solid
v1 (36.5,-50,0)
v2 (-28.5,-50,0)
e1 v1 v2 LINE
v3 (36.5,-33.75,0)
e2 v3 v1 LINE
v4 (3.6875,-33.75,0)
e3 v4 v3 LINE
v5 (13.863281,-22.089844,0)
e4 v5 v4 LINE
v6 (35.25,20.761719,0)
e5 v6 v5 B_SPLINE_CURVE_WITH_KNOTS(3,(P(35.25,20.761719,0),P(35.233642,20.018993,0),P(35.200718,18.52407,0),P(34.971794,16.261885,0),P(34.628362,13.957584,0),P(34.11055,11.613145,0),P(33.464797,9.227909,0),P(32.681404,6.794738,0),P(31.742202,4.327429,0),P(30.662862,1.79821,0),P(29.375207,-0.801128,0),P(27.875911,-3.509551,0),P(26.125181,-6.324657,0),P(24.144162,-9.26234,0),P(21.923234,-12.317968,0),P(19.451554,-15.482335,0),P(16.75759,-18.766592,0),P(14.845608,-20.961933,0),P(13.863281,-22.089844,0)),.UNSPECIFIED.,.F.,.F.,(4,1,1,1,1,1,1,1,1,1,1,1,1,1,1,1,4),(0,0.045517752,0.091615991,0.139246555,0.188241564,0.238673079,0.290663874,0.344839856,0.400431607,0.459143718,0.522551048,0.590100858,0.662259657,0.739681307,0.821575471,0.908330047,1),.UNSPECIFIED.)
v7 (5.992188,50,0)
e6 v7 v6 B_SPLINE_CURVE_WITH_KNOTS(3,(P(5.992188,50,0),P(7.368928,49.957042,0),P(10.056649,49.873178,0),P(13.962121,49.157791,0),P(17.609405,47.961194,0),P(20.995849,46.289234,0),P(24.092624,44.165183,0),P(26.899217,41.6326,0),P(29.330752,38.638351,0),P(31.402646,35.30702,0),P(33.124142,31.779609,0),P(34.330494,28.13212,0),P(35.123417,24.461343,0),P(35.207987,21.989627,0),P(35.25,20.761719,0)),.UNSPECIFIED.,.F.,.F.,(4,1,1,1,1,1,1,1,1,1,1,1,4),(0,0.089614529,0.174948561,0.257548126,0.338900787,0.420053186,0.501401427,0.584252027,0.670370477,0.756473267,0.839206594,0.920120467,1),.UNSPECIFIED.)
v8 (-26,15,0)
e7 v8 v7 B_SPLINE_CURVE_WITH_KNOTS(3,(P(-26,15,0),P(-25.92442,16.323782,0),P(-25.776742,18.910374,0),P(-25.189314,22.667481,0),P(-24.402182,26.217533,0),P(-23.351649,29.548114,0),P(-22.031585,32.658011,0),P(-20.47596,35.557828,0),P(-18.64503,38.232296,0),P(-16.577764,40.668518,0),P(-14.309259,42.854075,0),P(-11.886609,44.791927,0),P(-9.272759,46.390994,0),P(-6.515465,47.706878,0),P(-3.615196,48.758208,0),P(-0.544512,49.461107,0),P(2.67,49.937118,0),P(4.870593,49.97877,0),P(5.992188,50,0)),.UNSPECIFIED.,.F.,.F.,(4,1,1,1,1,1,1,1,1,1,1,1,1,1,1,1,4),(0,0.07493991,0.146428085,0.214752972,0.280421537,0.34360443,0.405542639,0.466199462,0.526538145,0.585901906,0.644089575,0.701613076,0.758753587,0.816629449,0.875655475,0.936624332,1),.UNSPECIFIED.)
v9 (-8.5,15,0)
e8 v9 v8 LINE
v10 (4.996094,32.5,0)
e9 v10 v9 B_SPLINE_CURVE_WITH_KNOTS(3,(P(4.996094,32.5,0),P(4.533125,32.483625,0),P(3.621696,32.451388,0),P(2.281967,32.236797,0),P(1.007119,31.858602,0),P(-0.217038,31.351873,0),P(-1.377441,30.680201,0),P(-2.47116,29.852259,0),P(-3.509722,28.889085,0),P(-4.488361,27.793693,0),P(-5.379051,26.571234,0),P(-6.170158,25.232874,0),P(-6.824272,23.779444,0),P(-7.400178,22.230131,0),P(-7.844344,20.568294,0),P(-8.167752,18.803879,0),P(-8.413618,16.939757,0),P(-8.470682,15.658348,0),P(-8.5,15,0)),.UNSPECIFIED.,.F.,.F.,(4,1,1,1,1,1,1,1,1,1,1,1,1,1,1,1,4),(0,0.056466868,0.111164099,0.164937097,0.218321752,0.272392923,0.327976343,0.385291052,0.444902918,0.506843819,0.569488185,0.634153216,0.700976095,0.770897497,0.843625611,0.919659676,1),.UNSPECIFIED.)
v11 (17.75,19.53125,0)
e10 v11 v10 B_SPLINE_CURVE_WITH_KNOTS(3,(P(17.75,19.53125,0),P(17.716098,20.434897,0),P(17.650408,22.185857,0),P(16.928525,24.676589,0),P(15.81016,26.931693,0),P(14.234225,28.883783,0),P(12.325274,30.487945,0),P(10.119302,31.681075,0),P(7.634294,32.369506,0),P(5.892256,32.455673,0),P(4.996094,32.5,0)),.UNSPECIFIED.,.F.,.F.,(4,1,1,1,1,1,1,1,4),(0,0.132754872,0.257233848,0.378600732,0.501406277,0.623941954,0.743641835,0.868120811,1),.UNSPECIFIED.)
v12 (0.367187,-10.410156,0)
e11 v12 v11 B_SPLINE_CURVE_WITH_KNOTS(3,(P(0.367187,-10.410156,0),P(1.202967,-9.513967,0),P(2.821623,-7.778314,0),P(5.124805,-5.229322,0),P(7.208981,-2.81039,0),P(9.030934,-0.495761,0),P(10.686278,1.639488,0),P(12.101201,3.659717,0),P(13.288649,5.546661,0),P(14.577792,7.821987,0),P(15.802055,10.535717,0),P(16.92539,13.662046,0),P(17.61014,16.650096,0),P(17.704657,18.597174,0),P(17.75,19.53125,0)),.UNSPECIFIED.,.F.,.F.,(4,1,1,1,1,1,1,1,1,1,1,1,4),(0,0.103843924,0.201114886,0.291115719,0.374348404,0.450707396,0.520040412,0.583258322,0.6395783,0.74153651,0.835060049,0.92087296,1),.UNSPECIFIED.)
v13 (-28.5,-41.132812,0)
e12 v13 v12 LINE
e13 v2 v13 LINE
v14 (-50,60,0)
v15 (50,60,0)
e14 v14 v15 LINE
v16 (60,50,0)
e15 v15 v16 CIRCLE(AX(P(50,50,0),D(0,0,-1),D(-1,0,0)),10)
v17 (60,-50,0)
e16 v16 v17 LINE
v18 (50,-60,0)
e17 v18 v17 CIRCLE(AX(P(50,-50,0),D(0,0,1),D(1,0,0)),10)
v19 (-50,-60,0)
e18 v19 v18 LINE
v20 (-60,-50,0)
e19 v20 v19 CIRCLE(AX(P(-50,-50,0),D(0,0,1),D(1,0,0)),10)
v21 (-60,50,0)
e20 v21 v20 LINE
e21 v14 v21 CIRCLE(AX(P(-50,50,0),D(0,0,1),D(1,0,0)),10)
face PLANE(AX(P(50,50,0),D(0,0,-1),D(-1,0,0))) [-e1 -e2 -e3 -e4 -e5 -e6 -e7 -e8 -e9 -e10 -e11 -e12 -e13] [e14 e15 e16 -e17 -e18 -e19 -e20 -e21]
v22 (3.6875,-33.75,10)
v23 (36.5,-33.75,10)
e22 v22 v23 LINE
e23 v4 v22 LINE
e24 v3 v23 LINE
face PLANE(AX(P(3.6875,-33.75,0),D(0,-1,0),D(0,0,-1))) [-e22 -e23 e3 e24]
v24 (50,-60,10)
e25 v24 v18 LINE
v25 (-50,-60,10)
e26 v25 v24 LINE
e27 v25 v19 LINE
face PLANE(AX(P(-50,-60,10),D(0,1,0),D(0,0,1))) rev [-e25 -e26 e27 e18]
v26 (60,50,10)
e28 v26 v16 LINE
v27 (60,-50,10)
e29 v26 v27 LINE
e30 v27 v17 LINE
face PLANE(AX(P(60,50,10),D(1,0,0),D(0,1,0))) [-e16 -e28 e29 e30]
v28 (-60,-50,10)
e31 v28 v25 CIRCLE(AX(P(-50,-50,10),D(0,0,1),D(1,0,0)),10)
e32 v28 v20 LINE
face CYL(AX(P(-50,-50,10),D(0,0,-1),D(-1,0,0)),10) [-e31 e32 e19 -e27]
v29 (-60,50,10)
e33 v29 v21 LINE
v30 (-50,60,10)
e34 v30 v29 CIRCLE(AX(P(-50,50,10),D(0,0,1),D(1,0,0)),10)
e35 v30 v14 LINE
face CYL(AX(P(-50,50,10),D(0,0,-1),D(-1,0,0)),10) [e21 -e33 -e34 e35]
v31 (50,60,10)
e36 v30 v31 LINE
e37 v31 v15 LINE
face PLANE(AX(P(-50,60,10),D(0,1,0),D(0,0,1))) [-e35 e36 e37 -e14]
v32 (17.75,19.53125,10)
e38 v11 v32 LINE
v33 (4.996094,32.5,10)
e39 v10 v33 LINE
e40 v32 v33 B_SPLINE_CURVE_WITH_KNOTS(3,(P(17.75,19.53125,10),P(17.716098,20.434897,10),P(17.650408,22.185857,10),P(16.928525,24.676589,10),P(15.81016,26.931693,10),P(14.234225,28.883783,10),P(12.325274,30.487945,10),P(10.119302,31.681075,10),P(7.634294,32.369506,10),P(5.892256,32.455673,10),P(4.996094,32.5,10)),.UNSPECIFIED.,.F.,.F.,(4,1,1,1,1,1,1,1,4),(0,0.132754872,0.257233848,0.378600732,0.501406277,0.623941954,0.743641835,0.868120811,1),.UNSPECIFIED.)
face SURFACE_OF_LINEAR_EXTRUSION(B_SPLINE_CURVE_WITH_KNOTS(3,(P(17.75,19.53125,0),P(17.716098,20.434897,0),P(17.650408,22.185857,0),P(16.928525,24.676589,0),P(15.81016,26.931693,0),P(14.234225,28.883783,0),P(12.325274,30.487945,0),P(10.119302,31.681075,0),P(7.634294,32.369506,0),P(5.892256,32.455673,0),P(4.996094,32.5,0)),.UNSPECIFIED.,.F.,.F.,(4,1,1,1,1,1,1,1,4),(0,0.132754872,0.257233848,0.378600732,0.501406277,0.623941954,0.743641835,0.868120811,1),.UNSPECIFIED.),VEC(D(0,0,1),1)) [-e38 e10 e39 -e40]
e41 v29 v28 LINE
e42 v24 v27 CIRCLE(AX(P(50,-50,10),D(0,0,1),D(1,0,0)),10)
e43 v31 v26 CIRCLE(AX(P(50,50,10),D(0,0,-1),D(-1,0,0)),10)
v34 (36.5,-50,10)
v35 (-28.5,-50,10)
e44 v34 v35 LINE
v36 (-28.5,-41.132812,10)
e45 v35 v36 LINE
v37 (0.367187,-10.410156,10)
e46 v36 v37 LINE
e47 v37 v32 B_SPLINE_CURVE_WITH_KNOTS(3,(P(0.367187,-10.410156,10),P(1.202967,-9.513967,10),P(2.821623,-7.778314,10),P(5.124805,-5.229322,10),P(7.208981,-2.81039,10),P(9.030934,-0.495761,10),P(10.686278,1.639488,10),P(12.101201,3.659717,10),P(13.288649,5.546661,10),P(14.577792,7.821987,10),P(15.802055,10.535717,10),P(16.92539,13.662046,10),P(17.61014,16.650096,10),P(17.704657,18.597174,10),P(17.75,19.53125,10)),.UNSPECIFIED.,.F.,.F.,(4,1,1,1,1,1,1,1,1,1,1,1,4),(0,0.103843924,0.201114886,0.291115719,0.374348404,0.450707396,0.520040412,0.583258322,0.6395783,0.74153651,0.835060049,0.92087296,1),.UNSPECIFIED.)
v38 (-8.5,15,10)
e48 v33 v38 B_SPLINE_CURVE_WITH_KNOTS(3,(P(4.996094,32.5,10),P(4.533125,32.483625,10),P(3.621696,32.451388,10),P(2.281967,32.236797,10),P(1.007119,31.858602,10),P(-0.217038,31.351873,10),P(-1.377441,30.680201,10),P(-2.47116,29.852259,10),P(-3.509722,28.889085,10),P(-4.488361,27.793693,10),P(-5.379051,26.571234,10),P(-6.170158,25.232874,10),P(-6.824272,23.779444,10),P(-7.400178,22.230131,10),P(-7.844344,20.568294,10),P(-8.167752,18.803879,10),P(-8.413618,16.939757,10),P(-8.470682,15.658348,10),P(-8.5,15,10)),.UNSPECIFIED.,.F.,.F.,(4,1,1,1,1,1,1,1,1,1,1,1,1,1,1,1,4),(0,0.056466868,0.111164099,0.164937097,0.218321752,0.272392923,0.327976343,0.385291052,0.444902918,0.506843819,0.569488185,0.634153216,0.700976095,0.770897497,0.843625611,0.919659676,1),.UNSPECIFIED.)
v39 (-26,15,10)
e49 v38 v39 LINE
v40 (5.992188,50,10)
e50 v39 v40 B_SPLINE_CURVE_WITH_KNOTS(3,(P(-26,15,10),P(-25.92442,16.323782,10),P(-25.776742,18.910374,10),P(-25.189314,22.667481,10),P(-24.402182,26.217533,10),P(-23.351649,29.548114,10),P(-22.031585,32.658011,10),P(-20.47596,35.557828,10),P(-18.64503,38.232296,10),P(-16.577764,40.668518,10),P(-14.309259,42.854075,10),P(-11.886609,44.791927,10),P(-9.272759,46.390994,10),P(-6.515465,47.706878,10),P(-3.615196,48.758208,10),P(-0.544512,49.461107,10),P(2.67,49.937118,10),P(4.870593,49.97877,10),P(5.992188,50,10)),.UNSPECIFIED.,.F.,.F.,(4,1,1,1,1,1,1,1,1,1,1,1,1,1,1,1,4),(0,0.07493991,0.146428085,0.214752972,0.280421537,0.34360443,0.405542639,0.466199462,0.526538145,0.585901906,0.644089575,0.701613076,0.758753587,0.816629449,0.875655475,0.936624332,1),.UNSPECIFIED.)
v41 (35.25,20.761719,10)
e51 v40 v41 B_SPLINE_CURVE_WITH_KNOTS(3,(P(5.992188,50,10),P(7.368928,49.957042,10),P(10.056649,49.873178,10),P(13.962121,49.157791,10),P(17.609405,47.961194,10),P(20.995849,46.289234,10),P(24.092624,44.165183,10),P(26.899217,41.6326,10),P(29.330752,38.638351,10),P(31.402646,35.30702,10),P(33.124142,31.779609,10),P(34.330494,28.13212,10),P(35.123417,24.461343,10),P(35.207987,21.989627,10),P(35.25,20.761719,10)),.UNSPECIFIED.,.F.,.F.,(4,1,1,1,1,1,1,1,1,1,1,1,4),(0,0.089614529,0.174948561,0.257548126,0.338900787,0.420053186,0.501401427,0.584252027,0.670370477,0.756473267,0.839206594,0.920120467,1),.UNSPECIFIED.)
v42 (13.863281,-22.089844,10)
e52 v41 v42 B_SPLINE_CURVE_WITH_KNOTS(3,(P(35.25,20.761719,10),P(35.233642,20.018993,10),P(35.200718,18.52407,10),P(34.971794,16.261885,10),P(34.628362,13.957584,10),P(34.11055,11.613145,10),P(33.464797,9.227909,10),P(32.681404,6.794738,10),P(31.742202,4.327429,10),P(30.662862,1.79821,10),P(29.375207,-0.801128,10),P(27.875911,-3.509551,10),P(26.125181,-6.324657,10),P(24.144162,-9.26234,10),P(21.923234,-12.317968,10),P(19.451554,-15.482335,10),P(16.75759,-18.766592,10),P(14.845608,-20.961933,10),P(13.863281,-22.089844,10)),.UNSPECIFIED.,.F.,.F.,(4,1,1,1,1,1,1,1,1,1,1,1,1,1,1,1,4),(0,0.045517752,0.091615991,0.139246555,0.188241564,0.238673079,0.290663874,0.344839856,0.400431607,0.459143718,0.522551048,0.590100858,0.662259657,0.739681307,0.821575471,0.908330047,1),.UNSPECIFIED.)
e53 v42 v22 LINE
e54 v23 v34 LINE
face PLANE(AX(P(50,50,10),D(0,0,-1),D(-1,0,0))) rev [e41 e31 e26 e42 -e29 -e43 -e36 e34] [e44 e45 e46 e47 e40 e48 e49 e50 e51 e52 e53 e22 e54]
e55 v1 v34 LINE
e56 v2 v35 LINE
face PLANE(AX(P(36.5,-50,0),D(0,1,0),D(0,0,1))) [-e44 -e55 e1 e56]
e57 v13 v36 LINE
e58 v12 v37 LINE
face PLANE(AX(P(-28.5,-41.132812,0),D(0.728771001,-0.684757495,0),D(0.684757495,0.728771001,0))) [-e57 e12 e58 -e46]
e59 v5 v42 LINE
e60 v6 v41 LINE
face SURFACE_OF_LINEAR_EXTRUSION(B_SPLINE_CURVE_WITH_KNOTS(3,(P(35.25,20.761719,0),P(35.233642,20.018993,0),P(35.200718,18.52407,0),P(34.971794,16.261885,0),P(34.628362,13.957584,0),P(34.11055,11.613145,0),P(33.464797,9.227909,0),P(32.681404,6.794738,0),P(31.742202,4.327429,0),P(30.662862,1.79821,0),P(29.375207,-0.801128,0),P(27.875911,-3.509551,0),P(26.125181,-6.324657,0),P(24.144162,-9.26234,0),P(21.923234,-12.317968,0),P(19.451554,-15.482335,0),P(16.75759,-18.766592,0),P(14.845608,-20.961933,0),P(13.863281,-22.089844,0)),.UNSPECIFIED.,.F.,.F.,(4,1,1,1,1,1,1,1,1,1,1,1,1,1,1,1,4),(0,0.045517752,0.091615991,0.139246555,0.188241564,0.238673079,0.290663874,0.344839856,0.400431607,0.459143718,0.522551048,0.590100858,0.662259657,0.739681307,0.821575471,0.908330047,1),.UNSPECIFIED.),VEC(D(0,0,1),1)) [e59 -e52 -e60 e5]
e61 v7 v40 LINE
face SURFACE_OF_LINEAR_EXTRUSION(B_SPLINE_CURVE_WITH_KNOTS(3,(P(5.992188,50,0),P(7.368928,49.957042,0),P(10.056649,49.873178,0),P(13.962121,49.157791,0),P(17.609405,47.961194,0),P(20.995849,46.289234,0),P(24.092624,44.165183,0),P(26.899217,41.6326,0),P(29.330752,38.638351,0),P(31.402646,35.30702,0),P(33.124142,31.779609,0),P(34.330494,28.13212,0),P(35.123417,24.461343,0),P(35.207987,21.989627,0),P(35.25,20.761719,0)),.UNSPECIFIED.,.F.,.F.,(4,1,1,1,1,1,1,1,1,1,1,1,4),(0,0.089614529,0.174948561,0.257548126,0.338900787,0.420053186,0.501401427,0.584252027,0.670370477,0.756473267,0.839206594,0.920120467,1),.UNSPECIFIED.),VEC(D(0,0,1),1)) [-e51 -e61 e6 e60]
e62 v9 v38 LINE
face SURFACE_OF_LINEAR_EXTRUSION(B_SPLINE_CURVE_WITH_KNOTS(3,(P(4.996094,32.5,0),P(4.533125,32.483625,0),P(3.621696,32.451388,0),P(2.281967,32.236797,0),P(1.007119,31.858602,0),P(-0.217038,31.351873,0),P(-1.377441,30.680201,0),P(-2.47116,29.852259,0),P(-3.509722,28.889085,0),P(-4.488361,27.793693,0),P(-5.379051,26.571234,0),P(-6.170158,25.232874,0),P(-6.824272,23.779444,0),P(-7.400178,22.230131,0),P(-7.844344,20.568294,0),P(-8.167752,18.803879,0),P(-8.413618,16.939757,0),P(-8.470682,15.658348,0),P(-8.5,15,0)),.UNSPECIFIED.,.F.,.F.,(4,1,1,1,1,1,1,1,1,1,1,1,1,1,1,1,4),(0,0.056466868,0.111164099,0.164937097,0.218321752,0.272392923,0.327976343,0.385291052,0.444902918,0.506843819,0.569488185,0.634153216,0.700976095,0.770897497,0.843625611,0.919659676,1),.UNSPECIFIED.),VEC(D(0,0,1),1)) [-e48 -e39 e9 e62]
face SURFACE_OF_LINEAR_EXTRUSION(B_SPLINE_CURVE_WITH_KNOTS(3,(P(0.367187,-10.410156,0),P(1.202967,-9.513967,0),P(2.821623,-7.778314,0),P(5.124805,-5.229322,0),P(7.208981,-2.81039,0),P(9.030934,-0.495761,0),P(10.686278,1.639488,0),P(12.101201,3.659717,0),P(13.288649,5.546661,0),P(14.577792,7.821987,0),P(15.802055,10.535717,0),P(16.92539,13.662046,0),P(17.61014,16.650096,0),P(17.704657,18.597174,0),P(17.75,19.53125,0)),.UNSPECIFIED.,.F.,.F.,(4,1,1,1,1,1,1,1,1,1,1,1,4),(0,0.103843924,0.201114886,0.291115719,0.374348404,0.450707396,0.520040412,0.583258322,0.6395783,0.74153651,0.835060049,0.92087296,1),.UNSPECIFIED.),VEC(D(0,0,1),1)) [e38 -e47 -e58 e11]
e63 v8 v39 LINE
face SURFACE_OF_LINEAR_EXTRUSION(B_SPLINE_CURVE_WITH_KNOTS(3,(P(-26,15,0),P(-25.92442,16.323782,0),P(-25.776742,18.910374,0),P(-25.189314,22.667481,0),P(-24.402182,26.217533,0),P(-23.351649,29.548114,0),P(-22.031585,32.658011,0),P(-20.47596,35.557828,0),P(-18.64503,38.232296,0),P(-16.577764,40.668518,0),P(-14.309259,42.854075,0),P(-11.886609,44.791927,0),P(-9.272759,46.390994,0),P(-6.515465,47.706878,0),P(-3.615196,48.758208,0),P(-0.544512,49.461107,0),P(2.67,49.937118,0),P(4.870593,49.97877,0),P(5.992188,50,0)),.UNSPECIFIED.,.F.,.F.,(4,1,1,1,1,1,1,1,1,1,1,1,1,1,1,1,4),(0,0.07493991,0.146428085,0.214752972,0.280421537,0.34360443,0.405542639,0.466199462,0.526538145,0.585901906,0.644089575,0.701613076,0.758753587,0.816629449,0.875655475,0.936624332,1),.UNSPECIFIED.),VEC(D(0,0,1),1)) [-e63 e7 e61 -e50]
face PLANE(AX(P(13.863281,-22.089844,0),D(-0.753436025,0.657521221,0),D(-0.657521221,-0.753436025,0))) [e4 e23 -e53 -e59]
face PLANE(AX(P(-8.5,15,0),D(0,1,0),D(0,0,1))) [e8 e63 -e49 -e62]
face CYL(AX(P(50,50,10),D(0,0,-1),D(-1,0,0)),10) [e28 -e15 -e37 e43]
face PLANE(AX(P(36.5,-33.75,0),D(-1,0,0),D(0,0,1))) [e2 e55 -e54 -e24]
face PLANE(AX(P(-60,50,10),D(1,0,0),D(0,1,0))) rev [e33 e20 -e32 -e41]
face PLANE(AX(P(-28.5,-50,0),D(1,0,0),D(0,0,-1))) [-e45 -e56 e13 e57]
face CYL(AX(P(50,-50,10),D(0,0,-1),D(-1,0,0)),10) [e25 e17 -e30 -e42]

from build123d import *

# Parameters (mm, degrees)
BOSS_EXTRUDE1_DEPTH = 10
CUT_EXTRUDE3_DEPTH  = 10


with BuildPart() as part:
    # Sketch1 → Boss-Extrude1 (new body)
    with BuildSketch(Plane.XY):
        with BuildLine():
            Line((-50, 60), (50, 60))
            ThreePointArc((50, 60), (57.071067812, 57.071067812), (60, 50))
            Line((60, 50), (60, -50))
            ThreePointArc((60, -50), (57.071067812, -57.071067812), (50, -60))
            Line((50, -60), (-50, -60))
            ThreePointArc((-50, -60), (-57.071067812, -57.071067812), (-60, -50))
            Line((-60, -50), (-60, 50))
            ThreePointArc((-60, 50), (-57.071067812, 57.071067812), (-50, 60))
        make_face()
    extrude(amount=BOSS_EXTRUDE1_DEPTH)

    # Sketch2 → Cut-Extrude3 (cut)
    with BuildSketch(Plane.XY.offset(10)):
        with BuildLine():
            Line((-8.5, 15), (-26, 15))
            add(Edge.make_bspline(
                [(-26, 15), (-25.924420184, 16.323782417), (-25.776741761, 18.910373782), (-25.18931432, 22.667480561), (-24.40218171, 26.217533319), (-23.351648748, 29.548113585), (-22.031585343, 32.658011133), (-20.475960128, 35.557827774), (-18.645030413, 38.232295908), (-16.577764404, 40.66851774), (-14.30925859, 42.854074827), (-11.88660938, 44.791927043), (-9.27275909, 46.390993922), (-6.515464901, 47.70687792), (-3.615196326, 48.758208087), (-0.544512267, 49.461107381), (2.66999963, 49.937117669), (4.870593326, 49.978770479), (5.9921875, 50)],
                knots=[0, 0, 0, 0, 1.199038563, 2.342849363, 3.436047546, 4.486744587, 5.497670872, 6.488682221, 7.459191391, 8.424610317, 9.374430501, 10.305433194, 11.225809216, 12.140057399, 13.06607119, 14.010487599, 14.985989317, 16, 16, 16, 16], degree=3))
            add(Edge.make_bspline(
                [(5.9921875, 50), (7.368928437, 49.957042053), (10.056649381, 49.873178074), (13.962121102, 49.157790502), (17.609404678, 47.961194237), (20.995848876, 46.289233684), (24.092624303, 44.165183063), (26.899217428, 41.632600324), (29.3307524, 38.638350552), (31.402645865, 35.307019593), (33.124141711, 31.779608953), (34.330494291, 28.132120076), (35.123416859, 24.461342527), (35.207986958, 21.989626722), (35.25, 20.76171875)],
                knots=[0, 0, 0, 0, 1.075374347, 2.099382735, 3.09057751, 4.06680945, 5.040638231, 6.016817125, 7.011024321, 8.044445721, 9.0776792, 10.070479129, 11.0414456, 12, 12, 12, 12], degree=3))
            add(Edge.make_bspline(
                [(35.25, 20.76171875), (35.23364234, 20.018993224), (35.200718412, 18.524070203), (34.971793962, 16.261884765), (34.628362052, 13.957584415), (34.110550426, 11.613144874), (33.464796878, 9.227908959), (32.681404487, 6.794738479), (31.742201696, 4.327428619), (30.662861893, 1.798210228), (29.375206772, -0.801128076), (27.875911369, -3.509551386), (26.125180985, -6.324657117), (24.144162236, -9.262340273), (21.923233789, -12.317967673), (19.451553804, -15.482334813), (16.757590231, -18.766591913), (14.845608498, -20.961933477), (13.86328125, -22.08984375)],
                knots=[0, 0, 0, 0, 0.728284026, 1.46585585, 2.227944881, 3.01186502, 3.81876927, 4.650621989, 5.517437689, 6.406905708, 7.346299482, 8.360816762, 9.441613733, 10.596154504, 11.834900912, 13.145207542, 14.533280747, 16, 16, 16, 16], degree=3))
            Line((13.86328125, -22.08984375), (3.6875, -33.75))
            Line((3.6875, -33.75), (36.5, -33.75))
            Line((36.5, -33.75), (36.5, -50))
            Line((36.5, -50), (-28.5, -50))
            Line((-28.5, -50), (-28.5, -41.1328125))
            Line((-28.5, -41.1328125), (0.3671875, -10.41015625))
            add(Edge.make_bspline(
                [(0.3671875, -10.41015625), (1.20296676, -9.513966827), (2.821623334, -7.778313684), (5.124804826, -5.229322392), (7.208980625, -2.810390499), (9.03093365, -0.495761262), (10.686277651, 1.639488168), (12.101200969, 3.659716873), (13.288649043, 5.546661257), (14.577792347, 7.821986632), (15.802054714, 10.535717034), (16.925389532, 13.662045728), (17.61013984, 16.650095948), (17.704657037, 18.597173702), (17.75, 19.53125)],
                knots=[0, 0, 0, 0, 1.246127091, 2.413378631, 3.493388633, 4.492180848, 5.408488754, 6.240484944, 6.999099869, 7.674939598, 8.898438119, 10.020720584, 11.050475521, 12, 12, 12, 12], degree=3))
            add(Edge.make_bspline(
                [(17.75, 19.53125), (17.716098162, 20.434896755), (17.650407917, 22.185857222), (16.928525346, 24.676589164), (15.810159831, 26.931692678), (14.234224873, 28.883782729), (12.325274062, 30.487944566), (10.119302085, 31.681075072), (7.634294101, 32.369505905), (5.892256158, 32.45567285), (4.99609375, 32.5)],
                knots=[0, 0, 0, 0, 1.062038974, 2.057870785, 3.028805853, 4.01125022, 4.991535629, 5.949134679, 6.94496649, 8, 8, 8, 8], degree=3))
            add(Edge.make_bspline(
                [(4.99609375, 32.5), (4.533124834, 32.48362502), (3.621696175, 32.451388241), (2.281967285, 32.23679673), (1.007118995, 31.858601591), (-0.217038468, 31.351873335), (-1.377440572, 30.680201393), (-2.471160416, 29.852258715), (-3.50972172, 28.889085204), (-4.488361226, 27.793692576), (-5.379050933, 26.571234082), (-6.170158274, 25.23287438), (-6.824272345, 23.77944423), (-7.400178148, 22.230131129), (-7.84434426, 20.568294193), (-8.167752291, 18.803879329), (-8.413617819, 16.93975701), (-8.470682125, 15.658348204), (-8.5, 15)],
                knots=[0, 0, 0, 0, 0.903469896, 1.778625579, 2.63899355, 3.493148037, 4.358286772, 5.247621495, 6.164656832, 7.118446693, 8.109501108, 9.111810964, 10.146451449, 11.215617525, 12.33435995, 13.498009769, 14.714554818, 16, 16, 16, 16], degree=3))
        make_face()
    extrude(amount=-CUT_EXTRUDE3_DEPTH, mode=Mode.SUBTRACT)


solid = part.part
